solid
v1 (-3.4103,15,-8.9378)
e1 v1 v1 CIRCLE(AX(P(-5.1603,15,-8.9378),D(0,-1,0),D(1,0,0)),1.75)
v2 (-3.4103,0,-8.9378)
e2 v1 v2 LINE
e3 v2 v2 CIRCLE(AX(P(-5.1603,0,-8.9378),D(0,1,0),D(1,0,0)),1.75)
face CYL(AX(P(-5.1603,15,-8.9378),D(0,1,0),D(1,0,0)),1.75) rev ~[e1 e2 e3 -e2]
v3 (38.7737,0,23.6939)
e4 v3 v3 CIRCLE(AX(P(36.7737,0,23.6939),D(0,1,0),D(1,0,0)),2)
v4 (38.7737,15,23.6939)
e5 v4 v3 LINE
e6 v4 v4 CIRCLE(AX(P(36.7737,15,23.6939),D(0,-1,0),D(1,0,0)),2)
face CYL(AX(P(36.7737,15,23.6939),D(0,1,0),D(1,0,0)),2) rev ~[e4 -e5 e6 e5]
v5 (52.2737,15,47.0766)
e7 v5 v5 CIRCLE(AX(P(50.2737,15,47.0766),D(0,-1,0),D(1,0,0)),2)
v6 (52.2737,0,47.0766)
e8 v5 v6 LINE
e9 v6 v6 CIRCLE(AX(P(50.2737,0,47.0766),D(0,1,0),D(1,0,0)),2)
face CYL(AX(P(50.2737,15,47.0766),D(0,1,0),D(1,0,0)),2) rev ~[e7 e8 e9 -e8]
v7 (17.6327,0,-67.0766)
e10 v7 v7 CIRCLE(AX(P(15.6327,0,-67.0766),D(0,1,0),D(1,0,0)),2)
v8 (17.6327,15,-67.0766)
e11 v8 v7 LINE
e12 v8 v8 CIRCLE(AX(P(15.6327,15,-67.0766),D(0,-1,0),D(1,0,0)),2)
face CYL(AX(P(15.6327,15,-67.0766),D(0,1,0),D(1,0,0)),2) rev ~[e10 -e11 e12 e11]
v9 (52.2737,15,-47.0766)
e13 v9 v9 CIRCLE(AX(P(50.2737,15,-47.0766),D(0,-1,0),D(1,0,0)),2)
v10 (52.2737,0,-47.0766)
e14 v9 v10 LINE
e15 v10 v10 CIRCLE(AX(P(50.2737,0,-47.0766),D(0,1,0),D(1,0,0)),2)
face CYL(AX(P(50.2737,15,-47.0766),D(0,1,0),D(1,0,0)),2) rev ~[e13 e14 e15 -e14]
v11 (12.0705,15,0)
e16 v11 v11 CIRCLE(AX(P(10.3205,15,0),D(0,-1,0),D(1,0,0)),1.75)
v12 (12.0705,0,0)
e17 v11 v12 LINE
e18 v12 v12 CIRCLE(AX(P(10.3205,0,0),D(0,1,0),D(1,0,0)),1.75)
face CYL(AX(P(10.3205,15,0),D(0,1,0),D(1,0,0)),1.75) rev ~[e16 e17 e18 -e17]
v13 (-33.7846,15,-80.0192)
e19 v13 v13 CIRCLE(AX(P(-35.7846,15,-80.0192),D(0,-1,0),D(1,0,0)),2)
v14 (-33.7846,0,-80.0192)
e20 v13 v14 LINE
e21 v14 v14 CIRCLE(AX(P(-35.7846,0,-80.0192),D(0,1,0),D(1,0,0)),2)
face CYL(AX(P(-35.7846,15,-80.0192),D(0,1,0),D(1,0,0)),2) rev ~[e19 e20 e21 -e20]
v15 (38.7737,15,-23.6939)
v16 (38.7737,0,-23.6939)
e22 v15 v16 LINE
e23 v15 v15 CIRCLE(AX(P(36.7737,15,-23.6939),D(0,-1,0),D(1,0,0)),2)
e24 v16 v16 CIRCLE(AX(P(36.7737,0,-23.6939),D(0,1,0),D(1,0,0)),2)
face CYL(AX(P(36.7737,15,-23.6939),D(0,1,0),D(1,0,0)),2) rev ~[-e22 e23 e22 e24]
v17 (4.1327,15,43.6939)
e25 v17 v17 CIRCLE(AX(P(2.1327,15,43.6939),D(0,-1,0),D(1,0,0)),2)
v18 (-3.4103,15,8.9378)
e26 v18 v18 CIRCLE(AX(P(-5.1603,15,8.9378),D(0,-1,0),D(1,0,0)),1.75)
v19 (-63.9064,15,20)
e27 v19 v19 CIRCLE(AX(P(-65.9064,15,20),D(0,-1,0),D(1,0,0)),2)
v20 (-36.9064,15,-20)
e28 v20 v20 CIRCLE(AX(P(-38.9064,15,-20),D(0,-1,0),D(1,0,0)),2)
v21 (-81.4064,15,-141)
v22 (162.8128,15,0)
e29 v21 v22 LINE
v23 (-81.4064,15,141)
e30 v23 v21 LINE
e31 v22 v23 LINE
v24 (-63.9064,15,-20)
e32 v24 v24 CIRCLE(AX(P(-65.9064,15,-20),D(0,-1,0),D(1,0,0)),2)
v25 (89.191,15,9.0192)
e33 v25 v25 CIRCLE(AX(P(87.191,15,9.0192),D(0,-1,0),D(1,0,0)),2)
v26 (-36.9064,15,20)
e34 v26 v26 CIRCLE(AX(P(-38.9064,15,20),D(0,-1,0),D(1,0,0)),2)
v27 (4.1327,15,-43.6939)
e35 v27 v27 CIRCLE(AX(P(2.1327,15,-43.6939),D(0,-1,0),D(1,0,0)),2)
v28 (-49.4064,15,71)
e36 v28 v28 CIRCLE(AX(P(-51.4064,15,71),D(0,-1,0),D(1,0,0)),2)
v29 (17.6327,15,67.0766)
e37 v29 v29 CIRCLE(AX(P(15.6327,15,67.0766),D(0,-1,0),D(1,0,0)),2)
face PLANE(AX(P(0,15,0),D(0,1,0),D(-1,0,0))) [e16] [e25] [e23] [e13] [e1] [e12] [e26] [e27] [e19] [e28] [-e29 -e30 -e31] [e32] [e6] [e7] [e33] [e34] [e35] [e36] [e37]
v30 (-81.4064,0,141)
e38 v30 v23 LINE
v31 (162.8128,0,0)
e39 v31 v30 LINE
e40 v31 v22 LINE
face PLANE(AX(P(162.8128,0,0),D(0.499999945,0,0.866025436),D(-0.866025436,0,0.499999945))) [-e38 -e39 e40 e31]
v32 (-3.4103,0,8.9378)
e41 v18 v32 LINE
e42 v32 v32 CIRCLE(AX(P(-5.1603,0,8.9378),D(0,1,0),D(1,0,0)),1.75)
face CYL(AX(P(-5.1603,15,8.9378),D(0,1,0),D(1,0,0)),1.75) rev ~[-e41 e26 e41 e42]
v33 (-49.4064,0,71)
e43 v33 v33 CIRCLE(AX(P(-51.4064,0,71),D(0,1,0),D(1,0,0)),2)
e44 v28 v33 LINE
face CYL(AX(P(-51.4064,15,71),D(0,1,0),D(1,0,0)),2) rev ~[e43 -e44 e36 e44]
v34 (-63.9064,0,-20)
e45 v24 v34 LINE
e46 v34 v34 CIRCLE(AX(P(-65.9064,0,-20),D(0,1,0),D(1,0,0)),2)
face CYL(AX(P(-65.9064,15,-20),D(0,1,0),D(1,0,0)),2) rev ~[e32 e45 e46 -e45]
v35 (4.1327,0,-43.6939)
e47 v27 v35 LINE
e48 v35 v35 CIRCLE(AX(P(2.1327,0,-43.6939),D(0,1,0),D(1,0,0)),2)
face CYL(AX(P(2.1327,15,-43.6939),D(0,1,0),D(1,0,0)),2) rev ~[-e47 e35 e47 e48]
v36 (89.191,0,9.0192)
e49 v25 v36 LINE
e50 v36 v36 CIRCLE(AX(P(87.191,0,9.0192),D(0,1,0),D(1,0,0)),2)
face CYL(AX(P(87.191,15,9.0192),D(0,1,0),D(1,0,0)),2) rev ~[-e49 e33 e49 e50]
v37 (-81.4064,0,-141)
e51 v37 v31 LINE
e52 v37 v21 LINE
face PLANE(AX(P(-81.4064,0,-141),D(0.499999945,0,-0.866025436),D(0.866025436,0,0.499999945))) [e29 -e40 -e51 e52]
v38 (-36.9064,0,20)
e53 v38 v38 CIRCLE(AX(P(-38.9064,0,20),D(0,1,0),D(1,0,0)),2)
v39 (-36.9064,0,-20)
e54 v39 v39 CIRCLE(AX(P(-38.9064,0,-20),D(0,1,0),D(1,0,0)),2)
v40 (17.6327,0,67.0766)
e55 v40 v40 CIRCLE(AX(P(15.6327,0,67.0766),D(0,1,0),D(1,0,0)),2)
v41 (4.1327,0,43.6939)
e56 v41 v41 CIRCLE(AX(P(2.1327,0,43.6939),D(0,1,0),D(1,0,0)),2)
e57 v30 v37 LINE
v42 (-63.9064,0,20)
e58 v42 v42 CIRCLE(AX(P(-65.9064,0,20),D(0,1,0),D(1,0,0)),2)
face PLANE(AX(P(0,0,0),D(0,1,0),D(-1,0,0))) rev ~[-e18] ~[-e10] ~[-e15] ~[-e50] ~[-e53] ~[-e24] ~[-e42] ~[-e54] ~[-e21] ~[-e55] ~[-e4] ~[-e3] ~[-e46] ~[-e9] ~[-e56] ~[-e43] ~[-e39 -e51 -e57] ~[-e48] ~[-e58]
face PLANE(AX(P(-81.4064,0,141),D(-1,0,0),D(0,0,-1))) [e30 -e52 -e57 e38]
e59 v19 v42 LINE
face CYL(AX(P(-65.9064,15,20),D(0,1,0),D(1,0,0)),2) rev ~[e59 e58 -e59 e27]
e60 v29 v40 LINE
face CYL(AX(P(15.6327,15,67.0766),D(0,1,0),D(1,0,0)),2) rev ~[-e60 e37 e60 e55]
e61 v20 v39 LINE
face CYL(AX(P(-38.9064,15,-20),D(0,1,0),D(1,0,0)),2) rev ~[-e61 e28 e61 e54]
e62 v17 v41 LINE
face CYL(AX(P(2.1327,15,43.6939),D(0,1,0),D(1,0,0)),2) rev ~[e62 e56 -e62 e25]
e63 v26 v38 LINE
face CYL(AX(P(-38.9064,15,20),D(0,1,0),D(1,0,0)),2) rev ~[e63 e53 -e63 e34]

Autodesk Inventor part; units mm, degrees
ref_plane "YZ Plane" through (0, 0, 0) normal (1, 0, 0) x (0, 1, 0)
ref_plane "XZ Plane" through (0, 0, 0) normal (0, 1, 0) x (-1, 0, 0)
ref_plane "XY Plane" through (0, 0, 0) normal (0, 0, 1) x (1, 0, 0)
sketch "Sketch1" plane through (0, 0, 0) normal (0, 1, 0) x (-1, 0, 0)
  line L0 (0, 0) -> (-90, 0)
  line L1 (-162.8128, 0) -> (81.4064, 141)
  line L2 (81.4064, 141) -> (81.4064, -141)
  line L3 (81.4064, -141) -> (-162.8128, 0)
  dimension "d0" = 90
  dimension "d1" = 282
extrude "TriangleFace" add sketch "Sketch1" along normal blind 15
sketch "Sketch2" plane through (0, 15, 0) normal (0, 1, 0) x (1, 0, 0)
  line L0 (-81.4064, 141) -> (-81.4064, -141) projected
  line L1 (-81.4064, 0) -> (-65.9064, 0)
  line L2 (-65.9064, 0) -> (-65.9064, 20)
  line L3 (-65.9064, 0) -> (-65.9064, -20)
  line L4 (-65.9064, 0) -> (-38.9064, 0)
  line L5 (-38.9064, 0) -> (-38.9064, 20)
  line L6 (-38.9064, 0) -> (-38.9064, -20)
  circle A0 centre (-65.9064, 20) radius 2
  circle A1 centre (-38.9064, 20) radius 2
  circle A2 centre (-65.9064, -20) radius 2
  circle A3 centre (-38.9064, -20) radius 2
  point P0 (0, 0)
  dimension "d4" = 15.5
  dimension "d5" = 20
  dimension "d6" = 20
  dimension "d7" = 27
  dimension "d8" = 20
  dimension "d9" = 20
  dimension "d10" = 4
  dimension "d11" = 4
  dimension "d12" = 4
  dimension "d13" = 4
extrude "SideTwoHoles" cut sketch "Sketch2" against normal blind 15
sketch "Sketch3" plane through (0, 15, 0) normal (0, 1, 0) x (1, 0, 0)
  line L0 (162.8128, 0) -> (-81.4064, 141) projected
  line L1 (40.7032, 70.5) -> (32.9532, 57.0766)
  line L2 (32.9532, 57.0766) -> (19.4532, 33.6939)
  line L3 (32.9532, 57.0766) -> (15.6327, 67.0766)
  line L4 (32.9532, 57.0766) -> (50.2737, 47.0766)
  line L5 (19.4532, 33.6939) -> (2.1327, 43.6939)
  line L6 (19.4532, 33.6939) -> (36.7737, 23.6939)
  circle A0 centre (15.6327, 67.0766) radius 2
  circle A1 centre (50.2737, 47.0766) radius 2
  circle A2 centre (2.1327, 43.6939) radius 2
  circle A3 centre (36.7737, 23.6939) radius 2
  point P0 (0, 0)
  dimension "d16" = 15.5
  dimension "d17" = 27
  dimension "d18" = 20
  dimension "d19" = 20
  dimension "d20" = 20
  dimension "d21" = 20
  dimension "d22" = 4
  dimension "d23" = 4
  dimension "d24" = 4
  dimension "d25" = 4
extrude "SideOneHoles" cut sketch "Sketch3" against normal blind 15
sketch "Sketch4" plane through (0, 15, 0) normal (0, 1, 0) x (1, 0, 0)
  line L0 (-81.4064, -141) -> (162.8128, 0) projected
  line L1 (40.7032, -70.5) -> (32.9532, -57.0766)
  line L2 (32.9532, -57.0766) -> (19.4532, -33.6939)
  line L3 (19.4532, -33.6939) -> (36.7737, -23.6939)
  line L4 (19.4532, -33.6939) -> (2.1327, -43.6939)
  line L5 (32.9532, -57.0766) -> (50.2737, -47.0766)
  line L6 (32.9532, -57.0766) -> (15.6327, -67.0766)
  circle A0 centre (36.7737, -23.6939) radius 2
  circle A1 centre (2.1327, -43.6939) radius 2
  circle A2 centre (50.2737, -47.0766) radius 2
  circle A3 centre (15.6327, -67.0766) radius 2
  point P0 (0, 0)
  dimension "d28" = 15.5
  dimension "d29" = 27
  dimension "d30" = 20
  dimension "d31" = 20
  dimension "d32" = 20
  dimension "d33" = 20
  dimension "d34" = 4
  dimension "d35" = 4
  dimension "d36" = 4
  dimension "d37" = 4
extrude "SideThreeHoles" cut sketch "Sketch4" against normal blind 15
sketch "Sketch5" plane through (0, 15, 0) normal (0, 1, 0) x (1, 0, 0)
  line L0 (-81.4064, -141) -> (162.8128, 0) projected
  line L1 (162.8128, 0) -> (-81.4064, 141) projected
  line L2 (162.8128, 0) -> (-81.4064, 0)
  line L3 (-81.4064, 141) -> (-81.4064, -141) projected
  line L4 (17.3205, 0) -> (-8.6603, -15)
  line L5 (-8.6603, -15) -> (-8.6603, 15)
  line L6 (-8.6603, 15) -> (17.3205, 0)
  line L7 (-8.6603, 15) -> (-5.1603, 8.9378)
  line L8 (-8.6603, 15) -> (-1.6603, 15) construction
  circle A0 centre (-5.1603, 8.9378) radius 1.75
  line L9 (-8.6603, -15) -> (-5.1603, -8.9378)
  line L10 (-8.6603, -15) -> (-1.6603, -15) construction
  circle A1 centre (-5.1603, -8.9378) radius 1.75
  line L11 (17.3205, 0) -> (10.3205, 0)
  line L12 (17.3205, 0) -> (24.3205, 0) construction
  circle A2 centre (10.3205, 0) radius 1.75
  point P0 (0, 0)
  point P1 (0, 0)
  dimension "d40" = 30
  dimension "d43" = 7
  dimension "d44" = 60
  dimension "d45" = 3.5
  dimension "d46" = 7
  dimension "d47" = 60
  dimension "d48" = 3.5
  dimension "d49" = 7
  dimension "d50" = 180
  dimension "d51" = 3.5
extrude "CenterHoles" cut sketch "Sketch5" against normal blind 15 contours A1 | A0 | A2 L2 | L2 A2
sketch "Sketch6" plane through (0, 15, 0) normal (0, 1, 0) x (1, 0, 0)
  line L0 (-81.4064, -141) -> (162.8128, 0) projected
  line L1 (-81.4064, -141) -> (-81.4064, -71)
  line L2 (-81.4064, 141) -> (-81.4064, -141) projected
  line L3 (-81.4064, -71) -> (-51.4064, -71)
  line L4 (-81.4064, -71) -> (-51.4064, -71) construction
  circle A0 centre (-51.4064, -71) radius 2
  line L5 (162.8128, 0) -> (-81.4064, 141) projected
  line L6 (-81.4064, 141) -> (-20.7846, 106)
  line L7 (-20.7846, 106) -> (-35.7846, 80.0192)
  line L8 (162.8128, 0) -> (102.191, -35)
  line L9 (102.191, -35) -> (87.191, -9.0192)
  circle A1 centre (-35.7846, 80.0192) radius 2
  circle A2 centre (87.191, -9.0192) radius 2
  point P0 (0, 0)
  dimension "d54" = 70
  dimension "d55" = 30
  dimension "d56" = 0
  dimension "d57" = 4
  dimension "d60" = 70
  dimension "d61" = 30
  dimension "d62" = 70
  dimension "d63" = 30
  dimension "d64" = 4
  dimension "d65" = 4
extrude "Extrusion7" cut sketch "Sketch6" against normal blind 15 contours A2 | A1 | A0
properties part number "TraingleFifteen"
